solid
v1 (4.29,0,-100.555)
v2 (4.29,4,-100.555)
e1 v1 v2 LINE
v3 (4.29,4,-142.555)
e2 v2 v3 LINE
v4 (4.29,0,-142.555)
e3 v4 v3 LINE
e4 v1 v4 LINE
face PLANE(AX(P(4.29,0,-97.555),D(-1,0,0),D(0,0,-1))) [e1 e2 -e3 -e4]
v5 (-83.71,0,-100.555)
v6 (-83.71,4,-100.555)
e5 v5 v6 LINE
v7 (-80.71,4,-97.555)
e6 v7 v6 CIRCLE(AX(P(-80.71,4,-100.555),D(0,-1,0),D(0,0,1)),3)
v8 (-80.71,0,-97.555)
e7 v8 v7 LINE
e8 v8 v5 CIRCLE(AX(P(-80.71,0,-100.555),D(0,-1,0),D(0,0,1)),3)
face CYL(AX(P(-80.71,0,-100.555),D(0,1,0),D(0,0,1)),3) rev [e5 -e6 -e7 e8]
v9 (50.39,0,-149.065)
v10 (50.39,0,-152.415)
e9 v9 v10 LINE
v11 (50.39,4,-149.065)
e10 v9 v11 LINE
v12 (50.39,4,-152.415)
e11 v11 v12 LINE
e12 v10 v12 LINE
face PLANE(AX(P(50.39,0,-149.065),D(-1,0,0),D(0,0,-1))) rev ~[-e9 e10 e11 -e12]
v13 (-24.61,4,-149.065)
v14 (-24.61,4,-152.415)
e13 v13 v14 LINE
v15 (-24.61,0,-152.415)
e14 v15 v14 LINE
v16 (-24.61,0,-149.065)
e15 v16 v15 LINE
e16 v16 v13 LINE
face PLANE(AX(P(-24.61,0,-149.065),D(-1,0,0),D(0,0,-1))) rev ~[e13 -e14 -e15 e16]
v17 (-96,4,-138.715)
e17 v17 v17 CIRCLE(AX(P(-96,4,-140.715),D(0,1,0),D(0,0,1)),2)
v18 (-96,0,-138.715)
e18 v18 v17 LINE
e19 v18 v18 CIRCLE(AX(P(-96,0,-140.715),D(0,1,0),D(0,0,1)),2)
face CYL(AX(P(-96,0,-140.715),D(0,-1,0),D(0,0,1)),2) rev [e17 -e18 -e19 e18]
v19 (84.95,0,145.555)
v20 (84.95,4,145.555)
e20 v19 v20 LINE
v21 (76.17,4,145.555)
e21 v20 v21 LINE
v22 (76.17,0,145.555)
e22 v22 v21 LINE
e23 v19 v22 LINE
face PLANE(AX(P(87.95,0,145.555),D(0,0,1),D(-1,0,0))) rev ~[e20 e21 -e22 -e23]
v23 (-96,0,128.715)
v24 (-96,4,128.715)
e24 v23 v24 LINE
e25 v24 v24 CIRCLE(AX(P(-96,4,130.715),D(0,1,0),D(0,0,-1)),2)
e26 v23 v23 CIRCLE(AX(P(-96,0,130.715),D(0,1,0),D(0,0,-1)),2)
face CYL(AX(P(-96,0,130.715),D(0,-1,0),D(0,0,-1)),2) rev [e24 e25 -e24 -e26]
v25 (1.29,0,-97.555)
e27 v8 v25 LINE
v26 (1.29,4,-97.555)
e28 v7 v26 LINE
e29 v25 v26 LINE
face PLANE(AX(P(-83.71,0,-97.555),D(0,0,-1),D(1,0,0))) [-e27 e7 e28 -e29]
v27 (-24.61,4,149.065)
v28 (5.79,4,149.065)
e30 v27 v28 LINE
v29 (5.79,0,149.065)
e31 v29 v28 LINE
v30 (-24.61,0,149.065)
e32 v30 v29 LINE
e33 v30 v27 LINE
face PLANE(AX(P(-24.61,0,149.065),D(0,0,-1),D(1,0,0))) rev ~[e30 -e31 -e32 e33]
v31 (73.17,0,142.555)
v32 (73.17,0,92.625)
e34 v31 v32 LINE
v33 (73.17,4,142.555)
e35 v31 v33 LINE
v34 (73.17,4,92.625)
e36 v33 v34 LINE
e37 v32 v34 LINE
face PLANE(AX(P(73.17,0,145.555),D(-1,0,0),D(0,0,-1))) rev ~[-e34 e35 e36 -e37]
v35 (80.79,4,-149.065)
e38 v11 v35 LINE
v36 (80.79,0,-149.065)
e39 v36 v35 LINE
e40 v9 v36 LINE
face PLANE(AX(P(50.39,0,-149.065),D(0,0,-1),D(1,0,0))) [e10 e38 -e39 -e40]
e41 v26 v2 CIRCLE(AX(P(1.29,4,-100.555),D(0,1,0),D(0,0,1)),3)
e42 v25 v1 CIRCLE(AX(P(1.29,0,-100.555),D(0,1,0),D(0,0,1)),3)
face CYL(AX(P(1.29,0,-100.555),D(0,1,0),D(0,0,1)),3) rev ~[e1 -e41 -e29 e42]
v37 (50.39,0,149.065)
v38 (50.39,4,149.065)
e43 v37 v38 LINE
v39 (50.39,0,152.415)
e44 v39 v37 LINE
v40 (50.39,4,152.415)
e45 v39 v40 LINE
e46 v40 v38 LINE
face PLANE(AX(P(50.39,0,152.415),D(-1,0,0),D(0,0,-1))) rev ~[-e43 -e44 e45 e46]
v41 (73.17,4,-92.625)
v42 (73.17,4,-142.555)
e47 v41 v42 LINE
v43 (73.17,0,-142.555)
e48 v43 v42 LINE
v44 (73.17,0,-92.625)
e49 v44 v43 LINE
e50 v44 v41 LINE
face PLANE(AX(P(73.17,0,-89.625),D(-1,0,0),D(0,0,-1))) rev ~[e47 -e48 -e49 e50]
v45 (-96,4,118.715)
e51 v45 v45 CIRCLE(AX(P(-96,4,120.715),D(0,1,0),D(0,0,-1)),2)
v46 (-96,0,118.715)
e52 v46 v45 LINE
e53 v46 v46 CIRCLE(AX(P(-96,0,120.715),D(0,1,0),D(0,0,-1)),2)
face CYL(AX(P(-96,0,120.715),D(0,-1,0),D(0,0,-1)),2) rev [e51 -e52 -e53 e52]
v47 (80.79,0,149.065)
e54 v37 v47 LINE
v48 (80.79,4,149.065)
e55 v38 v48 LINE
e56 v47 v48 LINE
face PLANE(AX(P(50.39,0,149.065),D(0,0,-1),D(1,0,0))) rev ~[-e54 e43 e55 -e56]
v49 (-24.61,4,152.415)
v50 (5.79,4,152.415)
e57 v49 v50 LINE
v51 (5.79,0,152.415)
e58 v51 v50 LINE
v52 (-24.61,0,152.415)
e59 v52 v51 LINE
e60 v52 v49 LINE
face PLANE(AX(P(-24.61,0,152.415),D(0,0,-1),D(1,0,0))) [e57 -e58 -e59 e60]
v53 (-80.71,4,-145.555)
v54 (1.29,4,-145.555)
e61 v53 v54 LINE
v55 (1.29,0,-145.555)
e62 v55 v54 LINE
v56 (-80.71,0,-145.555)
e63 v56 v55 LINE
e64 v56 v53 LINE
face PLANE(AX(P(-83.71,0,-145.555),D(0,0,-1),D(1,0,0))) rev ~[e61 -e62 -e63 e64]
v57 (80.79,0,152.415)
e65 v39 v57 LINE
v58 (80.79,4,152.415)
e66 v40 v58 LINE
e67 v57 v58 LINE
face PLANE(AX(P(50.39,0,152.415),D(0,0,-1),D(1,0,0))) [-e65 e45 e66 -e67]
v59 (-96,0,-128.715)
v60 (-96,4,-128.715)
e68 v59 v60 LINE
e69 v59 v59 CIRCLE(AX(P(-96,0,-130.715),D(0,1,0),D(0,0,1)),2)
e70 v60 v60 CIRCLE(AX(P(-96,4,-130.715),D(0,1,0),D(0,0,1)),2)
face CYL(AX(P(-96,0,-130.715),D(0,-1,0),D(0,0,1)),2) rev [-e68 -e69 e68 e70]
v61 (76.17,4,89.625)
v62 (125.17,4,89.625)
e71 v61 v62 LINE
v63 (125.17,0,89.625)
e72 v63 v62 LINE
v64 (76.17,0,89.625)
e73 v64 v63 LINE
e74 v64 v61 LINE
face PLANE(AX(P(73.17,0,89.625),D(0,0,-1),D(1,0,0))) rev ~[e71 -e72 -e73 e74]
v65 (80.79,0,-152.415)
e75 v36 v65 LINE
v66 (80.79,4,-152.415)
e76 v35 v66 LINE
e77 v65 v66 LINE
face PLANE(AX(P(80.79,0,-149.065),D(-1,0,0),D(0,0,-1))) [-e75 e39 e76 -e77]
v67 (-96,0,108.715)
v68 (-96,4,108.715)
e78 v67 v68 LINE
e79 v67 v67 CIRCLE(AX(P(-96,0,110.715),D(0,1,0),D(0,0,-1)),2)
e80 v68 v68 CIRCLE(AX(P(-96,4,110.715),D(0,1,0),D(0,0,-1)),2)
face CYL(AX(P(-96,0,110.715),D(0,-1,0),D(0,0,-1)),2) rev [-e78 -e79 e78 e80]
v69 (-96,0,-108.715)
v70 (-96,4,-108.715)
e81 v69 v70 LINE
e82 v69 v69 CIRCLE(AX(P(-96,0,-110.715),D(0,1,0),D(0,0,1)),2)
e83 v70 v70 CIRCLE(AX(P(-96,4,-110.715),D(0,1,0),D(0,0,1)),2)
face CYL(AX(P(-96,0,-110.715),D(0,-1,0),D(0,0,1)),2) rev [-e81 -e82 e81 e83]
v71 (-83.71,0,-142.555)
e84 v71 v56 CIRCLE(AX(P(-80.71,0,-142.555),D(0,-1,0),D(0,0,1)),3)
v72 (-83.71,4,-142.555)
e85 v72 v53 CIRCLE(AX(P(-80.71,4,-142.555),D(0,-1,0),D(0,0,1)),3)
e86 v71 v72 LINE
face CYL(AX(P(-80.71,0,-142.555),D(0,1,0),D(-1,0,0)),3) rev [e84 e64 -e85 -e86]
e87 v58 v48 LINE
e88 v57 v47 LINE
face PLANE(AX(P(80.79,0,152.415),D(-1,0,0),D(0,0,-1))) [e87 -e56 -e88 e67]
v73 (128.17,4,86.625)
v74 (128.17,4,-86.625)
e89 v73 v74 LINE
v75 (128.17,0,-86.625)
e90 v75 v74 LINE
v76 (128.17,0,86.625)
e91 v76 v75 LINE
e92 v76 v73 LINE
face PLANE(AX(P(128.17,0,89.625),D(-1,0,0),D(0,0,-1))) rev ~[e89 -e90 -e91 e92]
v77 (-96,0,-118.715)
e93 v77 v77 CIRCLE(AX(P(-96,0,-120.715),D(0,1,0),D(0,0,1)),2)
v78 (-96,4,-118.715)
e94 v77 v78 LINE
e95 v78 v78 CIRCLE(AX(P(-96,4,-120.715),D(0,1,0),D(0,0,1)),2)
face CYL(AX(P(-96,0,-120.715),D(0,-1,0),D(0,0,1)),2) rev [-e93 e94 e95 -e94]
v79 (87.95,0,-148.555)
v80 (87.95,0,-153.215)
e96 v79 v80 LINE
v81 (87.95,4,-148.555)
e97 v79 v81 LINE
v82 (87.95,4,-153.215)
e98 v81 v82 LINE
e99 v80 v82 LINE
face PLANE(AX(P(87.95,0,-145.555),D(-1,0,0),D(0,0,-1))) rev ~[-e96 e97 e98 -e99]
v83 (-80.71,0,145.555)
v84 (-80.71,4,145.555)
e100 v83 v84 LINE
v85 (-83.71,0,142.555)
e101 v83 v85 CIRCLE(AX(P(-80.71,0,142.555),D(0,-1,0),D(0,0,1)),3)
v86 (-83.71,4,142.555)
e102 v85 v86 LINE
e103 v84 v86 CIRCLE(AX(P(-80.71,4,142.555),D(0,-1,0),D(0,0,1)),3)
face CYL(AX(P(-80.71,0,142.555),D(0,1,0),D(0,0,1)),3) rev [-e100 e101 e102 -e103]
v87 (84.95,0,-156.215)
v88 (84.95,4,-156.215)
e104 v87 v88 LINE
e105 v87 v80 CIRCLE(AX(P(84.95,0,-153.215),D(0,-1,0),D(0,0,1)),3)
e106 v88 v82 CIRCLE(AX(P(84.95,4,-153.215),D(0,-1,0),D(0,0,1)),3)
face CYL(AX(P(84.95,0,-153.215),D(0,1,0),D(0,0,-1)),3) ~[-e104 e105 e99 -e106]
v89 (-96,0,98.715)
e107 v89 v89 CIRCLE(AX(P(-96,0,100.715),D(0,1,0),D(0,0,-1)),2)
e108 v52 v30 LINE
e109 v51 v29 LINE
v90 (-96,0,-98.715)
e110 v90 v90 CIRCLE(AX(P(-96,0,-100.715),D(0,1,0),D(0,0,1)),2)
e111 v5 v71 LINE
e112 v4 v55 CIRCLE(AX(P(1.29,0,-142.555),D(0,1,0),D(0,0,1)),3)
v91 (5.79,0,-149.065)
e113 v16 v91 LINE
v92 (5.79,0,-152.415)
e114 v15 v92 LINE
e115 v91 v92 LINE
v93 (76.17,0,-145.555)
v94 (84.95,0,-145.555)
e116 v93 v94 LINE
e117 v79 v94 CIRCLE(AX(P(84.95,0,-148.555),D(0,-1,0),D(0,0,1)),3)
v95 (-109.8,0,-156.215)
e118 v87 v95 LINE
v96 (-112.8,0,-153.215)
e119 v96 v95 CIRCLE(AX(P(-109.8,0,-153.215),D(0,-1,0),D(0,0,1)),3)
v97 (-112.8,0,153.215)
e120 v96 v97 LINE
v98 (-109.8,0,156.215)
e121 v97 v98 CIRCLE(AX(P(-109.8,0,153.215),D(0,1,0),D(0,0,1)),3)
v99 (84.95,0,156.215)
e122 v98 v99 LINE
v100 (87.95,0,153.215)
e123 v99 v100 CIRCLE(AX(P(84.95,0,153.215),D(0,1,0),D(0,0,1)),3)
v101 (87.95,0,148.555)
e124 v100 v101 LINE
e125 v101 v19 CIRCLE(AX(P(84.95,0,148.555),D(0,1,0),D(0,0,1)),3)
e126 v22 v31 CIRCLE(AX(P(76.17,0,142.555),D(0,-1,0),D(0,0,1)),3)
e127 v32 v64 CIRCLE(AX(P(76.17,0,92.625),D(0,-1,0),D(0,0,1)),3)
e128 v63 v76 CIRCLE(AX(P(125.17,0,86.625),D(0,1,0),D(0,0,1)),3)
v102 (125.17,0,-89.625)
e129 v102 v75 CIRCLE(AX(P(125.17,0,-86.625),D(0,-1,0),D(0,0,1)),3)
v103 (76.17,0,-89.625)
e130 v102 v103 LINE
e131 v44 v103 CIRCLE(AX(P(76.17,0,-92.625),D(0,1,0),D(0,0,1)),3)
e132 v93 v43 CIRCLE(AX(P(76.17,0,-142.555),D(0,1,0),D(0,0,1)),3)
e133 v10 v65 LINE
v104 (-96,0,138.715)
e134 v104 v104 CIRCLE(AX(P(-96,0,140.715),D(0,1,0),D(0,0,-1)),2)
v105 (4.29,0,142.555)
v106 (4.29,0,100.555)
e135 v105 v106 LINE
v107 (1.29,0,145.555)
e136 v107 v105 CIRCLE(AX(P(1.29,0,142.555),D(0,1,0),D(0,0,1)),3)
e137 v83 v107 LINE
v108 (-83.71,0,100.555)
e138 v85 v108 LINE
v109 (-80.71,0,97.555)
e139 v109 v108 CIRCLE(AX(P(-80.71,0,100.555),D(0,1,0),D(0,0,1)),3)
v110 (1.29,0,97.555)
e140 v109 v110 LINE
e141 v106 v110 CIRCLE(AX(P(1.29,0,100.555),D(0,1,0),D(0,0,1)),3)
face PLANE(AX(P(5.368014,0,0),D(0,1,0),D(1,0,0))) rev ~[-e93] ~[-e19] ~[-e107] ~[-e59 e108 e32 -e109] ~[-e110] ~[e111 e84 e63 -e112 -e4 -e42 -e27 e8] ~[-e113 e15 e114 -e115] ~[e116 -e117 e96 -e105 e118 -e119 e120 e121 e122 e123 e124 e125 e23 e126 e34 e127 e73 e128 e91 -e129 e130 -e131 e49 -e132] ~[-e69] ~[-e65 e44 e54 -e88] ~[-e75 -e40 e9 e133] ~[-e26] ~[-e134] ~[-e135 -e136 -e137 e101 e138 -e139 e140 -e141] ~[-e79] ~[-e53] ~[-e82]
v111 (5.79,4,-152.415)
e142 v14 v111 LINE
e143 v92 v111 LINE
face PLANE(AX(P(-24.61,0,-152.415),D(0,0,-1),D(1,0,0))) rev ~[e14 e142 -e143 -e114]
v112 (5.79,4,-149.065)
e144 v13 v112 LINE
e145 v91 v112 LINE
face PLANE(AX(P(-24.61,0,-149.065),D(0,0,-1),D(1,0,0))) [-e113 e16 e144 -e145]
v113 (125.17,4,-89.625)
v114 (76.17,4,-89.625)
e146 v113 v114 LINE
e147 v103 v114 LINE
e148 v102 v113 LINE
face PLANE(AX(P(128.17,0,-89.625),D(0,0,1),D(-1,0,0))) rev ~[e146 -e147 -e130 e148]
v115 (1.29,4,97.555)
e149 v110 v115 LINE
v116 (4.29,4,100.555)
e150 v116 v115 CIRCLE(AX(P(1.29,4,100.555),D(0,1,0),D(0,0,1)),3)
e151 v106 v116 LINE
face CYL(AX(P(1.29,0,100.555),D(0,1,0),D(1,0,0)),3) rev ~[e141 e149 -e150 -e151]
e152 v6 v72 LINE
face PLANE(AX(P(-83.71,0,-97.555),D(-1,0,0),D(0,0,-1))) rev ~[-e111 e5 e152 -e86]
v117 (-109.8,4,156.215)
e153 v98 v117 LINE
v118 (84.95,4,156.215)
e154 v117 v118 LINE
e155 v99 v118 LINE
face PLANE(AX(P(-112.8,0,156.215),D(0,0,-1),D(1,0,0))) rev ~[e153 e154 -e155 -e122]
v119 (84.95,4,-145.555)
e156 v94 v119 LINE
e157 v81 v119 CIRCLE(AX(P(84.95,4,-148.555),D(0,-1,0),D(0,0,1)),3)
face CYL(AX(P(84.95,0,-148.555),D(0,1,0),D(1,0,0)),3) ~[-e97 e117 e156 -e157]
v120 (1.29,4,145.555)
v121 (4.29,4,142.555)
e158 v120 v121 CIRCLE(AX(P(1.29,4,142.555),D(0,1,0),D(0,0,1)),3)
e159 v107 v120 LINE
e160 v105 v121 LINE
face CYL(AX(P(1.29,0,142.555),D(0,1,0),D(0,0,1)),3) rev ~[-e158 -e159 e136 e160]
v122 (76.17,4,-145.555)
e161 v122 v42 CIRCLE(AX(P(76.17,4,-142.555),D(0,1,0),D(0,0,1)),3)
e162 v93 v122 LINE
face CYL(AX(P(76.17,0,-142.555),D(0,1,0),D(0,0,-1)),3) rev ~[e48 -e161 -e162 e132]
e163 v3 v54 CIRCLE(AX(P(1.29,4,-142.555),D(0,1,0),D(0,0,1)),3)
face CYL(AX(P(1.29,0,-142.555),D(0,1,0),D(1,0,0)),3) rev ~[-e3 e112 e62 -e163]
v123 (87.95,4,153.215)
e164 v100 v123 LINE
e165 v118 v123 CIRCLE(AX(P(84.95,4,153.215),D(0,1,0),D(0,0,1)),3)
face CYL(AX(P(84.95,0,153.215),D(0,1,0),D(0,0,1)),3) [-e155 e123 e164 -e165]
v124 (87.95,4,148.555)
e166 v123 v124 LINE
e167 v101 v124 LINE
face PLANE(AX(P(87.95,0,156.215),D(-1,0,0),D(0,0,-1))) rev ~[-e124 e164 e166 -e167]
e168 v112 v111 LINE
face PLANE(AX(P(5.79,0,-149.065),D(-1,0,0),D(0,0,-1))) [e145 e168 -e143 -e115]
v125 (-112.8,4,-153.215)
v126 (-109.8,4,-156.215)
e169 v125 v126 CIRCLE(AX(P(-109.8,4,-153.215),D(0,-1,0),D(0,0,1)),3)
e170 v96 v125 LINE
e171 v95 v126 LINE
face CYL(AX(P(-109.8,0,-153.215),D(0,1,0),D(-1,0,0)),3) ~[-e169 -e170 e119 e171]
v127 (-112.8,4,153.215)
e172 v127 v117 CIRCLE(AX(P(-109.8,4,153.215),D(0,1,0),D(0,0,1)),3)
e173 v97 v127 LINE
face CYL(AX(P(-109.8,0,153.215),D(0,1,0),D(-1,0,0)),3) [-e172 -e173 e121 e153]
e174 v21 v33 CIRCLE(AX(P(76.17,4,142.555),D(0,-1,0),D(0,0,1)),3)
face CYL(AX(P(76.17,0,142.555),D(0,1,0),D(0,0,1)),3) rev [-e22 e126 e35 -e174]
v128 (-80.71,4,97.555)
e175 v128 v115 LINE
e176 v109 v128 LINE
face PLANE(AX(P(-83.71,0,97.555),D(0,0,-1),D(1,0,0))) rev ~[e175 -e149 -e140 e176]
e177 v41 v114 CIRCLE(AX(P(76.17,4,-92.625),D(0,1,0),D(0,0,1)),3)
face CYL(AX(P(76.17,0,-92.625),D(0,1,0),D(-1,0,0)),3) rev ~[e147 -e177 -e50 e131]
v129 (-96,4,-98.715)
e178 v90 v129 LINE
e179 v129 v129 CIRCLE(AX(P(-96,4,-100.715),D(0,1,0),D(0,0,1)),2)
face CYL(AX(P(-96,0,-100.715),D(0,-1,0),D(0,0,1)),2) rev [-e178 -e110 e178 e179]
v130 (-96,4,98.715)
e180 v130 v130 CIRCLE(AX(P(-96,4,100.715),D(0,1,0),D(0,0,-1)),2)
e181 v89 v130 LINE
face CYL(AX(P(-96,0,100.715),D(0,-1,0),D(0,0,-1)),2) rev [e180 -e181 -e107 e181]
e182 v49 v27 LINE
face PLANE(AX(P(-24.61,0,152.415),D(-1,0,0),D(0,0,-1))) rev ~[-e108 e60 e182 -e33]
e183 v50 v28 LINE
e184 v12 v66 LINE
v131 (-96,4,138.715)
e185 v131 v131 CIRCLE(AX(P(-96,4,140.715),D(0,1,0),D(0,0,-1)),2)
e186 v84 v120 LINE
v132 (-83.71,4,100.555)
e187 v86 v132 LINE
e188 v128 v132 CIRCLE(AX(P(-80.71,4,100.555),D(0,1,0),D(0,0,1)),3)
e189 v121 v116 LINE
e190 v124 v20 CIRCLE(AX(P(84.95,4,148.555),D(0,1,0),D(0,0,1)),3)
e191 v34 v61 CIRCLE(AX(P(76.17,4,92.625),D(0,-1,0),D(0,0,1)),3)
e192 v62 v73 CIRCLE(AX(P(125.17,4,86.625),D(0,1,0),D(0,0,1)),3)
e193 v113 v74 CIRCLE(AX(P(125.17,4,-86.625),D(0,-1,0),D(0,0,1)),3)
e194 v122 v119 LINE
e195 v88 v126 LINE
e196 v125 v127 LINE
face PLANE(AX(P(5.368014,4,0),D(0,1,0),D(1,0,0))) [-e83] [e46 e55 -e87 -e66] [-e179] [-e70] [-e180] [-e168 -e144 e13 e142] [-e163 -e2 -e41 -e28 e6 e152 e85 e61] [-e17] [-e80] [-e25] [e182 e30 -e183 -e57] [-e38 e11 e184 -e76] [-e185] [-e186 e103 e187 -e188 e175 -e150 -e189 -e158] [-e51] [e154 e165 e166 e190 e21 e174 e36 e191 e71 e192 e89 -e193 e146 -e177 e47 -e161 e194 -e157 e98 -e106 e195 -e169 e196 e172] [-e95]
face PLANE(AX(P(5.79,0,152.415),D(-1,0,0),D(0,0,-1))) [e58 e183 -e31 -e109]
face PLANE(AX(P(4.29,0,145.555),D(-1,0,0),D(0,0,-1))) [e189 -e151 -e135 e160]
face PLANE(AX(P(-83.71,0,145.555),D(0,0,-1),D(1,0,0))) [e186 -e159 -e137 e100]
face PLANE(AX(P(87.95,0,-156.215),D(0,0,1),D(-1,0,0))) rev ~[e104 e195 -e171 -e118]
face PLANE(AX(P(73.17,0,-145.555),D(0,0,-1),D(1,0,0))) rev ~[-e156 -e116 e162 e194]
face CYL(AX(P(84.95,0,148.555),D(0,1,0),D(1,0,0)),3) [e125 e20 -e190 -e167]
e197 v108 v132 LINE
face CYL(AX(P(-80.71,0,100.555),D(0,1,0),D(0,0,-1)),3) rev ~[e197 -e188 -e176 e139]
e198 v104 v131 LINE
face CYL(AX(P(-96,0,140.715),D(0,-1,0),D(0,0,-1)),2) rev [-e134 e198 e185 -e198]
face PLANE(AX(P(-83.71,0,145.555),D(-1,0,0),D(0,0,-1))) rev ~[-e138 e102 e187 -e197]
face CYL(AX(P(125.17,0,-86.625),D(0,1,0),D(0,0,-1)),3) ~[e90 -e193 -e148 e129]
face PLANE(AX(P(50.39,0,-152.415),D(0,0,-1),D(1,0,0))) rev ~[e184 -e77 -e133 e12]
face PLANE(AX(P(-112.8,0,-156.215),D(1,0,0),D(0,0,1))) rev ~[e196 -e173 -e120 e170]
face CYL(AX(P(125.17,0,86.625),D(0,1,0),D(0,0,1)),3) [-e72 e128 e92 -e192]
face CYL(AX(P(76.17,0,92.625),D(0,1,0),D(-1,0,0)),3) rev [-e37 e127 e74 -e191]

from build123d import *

# Parameters (mm, degrees)
SKETCH1_R           = 2
SKETCH1_W           = 30.4
SKETCH1_H           = 3.35
SKETCH1_W_2         = 88
SKETCH1_H_2         = 48
BOSS_EXTRUDE1_DEPTH = 4
FILLET1_R           = 3


with BuildPart() as part:
    # Sketch1 → Boss-Extrude1 (new body)
    with BuildSketch(Plane(origin=(0, 0, 0), x_dir=(1, 0, 0), z_dir=(0, 1, 0))):
        Polygon((-112.8, 156.215), (-112.8, -156.215), (87.95, -156.215), (87.95, -145.555), (73.17, -145.555), (73.17, -89.625), (128.17, -89.625), (128.17, 89.625), (73.17, 89.625), (73.17, 145.555), (87.95, 145.555), (87.95, 156.215), align=None)
        with Locations(Location((-96, 140.715, 0), (0, 0, 270))):
            Circle(SKETCH1_R, mode=Mode.SUBTRACT)
        with Locations(Location((-96, 130.715, 0), (0, 0, 270))):
            Circle(SKETCH1_R, mode=Mode.SUBTRACT)
        with Locations(Location((-96, 120.715, 0), (0, 0, 270))):
            Circle(SKETCH1_R, mode=Mode.SUBTRACT)
        with Locations(Location((-96, 110.715, 0), (0, 0, 270))):
            Circle(SKETCH1_R, mode=Mode.SUBTRACT)
        with Locations(Location((-96, 100.715, 0), (0, 0, 270))):
            Circle(SKETCH1_R, mode=Mode.SUBTRACT)
        with Locations(Location((-96, -100.715, 0), (0, 0, 90))):
            Circle(SKETCH1_R, mode=Mode.SUBTRACT)
        with Locations(Location((-96, -110.715, 0), (0, 0, 90))):
            Circle(SKETCH1_R, mode=Mode.SUBTRACT)
        with Locations(Location((-96, -120.715, 0), (0, 0, 90))):
            Circle(SKETCH1_R, mode=Mode.SUBTRACT)
        with Locations(Location((-96, -130.715, 0), (0, 0, 90))):
            Circle(SKETCH1_R, mode=Mode.SUBTRACT)
        with Locations(Location((-96, -140.715, 0), (0, 0, 90))):
            Circle(SKETCH1_R, mode=Mode.SUBTRACT)
        with Locations((65.59, 150.74)):
            Rectangle(SKETCH1_W, SKETCH1_H, mode=Mode.SUBTRACT)
        with Locations((-39.71, 121.555)):
            Rectangle(SKETCH1_W_2, SKETCH1_H_2, mode=Mode.SUBTRACT)
        with Locations((-9.41, 150.74)):
            Rectangle(SKETCH1_W, SKETCH1_H, mode=Mode.SUBTRACT)
        with Locations((65.59, -150.74)):
            Rectangle(SKETCH1_W, SKETCH1_H, mode=Mode.SUBTRACT)
        with Locations((-9.41, -150.74)):
            Rectangle(SKETCH1_W, SKETCH1_H, mode=Mode.SUBTRACT)
        with Locations((-39.71, -121.555)):
            Rectangle(SKETCH1_W_2, SKETCH1_H_2, mode=Mode.SUBTRACT)
    extrude(amount=BOSS_EXTRUDE1_DEPTH)

    # Fillet1
    fillet1_edges = [part.edges().sort_by_distance(p)[0] for p in [
        (-83.71, 2, 97.555),
        (-83.71, 2, 145.555),
        (4.29, 2, 145.555),
        (4.29, 2, 97.555),
        (87.95, 2, -156.215),
        (87.95, 2, -145.555),
        (73.17, 2, -145.555),
        (73.17, 2, -89.625),
        (128.17, 2, -89.625),
        (128.17, 2, 89.625),
        (73.17, 2, 89.625),
        (73.17, 2, 145.555),
        (87.95, 2, 145.555),
        (87.95, 2, 156.215),
        (-112.8, 2, 156.215),
        (-112.8, 2, -156.215),
        (-83.71, 2, -145.555),
        (-83.71, 2, -97.555),
        (4.29, 2, -97.555),
        (4.29, 2, -145.555),
    ]]
    fillet(fillet1_edges, radius=FILLET1_R)


solid = part.part
